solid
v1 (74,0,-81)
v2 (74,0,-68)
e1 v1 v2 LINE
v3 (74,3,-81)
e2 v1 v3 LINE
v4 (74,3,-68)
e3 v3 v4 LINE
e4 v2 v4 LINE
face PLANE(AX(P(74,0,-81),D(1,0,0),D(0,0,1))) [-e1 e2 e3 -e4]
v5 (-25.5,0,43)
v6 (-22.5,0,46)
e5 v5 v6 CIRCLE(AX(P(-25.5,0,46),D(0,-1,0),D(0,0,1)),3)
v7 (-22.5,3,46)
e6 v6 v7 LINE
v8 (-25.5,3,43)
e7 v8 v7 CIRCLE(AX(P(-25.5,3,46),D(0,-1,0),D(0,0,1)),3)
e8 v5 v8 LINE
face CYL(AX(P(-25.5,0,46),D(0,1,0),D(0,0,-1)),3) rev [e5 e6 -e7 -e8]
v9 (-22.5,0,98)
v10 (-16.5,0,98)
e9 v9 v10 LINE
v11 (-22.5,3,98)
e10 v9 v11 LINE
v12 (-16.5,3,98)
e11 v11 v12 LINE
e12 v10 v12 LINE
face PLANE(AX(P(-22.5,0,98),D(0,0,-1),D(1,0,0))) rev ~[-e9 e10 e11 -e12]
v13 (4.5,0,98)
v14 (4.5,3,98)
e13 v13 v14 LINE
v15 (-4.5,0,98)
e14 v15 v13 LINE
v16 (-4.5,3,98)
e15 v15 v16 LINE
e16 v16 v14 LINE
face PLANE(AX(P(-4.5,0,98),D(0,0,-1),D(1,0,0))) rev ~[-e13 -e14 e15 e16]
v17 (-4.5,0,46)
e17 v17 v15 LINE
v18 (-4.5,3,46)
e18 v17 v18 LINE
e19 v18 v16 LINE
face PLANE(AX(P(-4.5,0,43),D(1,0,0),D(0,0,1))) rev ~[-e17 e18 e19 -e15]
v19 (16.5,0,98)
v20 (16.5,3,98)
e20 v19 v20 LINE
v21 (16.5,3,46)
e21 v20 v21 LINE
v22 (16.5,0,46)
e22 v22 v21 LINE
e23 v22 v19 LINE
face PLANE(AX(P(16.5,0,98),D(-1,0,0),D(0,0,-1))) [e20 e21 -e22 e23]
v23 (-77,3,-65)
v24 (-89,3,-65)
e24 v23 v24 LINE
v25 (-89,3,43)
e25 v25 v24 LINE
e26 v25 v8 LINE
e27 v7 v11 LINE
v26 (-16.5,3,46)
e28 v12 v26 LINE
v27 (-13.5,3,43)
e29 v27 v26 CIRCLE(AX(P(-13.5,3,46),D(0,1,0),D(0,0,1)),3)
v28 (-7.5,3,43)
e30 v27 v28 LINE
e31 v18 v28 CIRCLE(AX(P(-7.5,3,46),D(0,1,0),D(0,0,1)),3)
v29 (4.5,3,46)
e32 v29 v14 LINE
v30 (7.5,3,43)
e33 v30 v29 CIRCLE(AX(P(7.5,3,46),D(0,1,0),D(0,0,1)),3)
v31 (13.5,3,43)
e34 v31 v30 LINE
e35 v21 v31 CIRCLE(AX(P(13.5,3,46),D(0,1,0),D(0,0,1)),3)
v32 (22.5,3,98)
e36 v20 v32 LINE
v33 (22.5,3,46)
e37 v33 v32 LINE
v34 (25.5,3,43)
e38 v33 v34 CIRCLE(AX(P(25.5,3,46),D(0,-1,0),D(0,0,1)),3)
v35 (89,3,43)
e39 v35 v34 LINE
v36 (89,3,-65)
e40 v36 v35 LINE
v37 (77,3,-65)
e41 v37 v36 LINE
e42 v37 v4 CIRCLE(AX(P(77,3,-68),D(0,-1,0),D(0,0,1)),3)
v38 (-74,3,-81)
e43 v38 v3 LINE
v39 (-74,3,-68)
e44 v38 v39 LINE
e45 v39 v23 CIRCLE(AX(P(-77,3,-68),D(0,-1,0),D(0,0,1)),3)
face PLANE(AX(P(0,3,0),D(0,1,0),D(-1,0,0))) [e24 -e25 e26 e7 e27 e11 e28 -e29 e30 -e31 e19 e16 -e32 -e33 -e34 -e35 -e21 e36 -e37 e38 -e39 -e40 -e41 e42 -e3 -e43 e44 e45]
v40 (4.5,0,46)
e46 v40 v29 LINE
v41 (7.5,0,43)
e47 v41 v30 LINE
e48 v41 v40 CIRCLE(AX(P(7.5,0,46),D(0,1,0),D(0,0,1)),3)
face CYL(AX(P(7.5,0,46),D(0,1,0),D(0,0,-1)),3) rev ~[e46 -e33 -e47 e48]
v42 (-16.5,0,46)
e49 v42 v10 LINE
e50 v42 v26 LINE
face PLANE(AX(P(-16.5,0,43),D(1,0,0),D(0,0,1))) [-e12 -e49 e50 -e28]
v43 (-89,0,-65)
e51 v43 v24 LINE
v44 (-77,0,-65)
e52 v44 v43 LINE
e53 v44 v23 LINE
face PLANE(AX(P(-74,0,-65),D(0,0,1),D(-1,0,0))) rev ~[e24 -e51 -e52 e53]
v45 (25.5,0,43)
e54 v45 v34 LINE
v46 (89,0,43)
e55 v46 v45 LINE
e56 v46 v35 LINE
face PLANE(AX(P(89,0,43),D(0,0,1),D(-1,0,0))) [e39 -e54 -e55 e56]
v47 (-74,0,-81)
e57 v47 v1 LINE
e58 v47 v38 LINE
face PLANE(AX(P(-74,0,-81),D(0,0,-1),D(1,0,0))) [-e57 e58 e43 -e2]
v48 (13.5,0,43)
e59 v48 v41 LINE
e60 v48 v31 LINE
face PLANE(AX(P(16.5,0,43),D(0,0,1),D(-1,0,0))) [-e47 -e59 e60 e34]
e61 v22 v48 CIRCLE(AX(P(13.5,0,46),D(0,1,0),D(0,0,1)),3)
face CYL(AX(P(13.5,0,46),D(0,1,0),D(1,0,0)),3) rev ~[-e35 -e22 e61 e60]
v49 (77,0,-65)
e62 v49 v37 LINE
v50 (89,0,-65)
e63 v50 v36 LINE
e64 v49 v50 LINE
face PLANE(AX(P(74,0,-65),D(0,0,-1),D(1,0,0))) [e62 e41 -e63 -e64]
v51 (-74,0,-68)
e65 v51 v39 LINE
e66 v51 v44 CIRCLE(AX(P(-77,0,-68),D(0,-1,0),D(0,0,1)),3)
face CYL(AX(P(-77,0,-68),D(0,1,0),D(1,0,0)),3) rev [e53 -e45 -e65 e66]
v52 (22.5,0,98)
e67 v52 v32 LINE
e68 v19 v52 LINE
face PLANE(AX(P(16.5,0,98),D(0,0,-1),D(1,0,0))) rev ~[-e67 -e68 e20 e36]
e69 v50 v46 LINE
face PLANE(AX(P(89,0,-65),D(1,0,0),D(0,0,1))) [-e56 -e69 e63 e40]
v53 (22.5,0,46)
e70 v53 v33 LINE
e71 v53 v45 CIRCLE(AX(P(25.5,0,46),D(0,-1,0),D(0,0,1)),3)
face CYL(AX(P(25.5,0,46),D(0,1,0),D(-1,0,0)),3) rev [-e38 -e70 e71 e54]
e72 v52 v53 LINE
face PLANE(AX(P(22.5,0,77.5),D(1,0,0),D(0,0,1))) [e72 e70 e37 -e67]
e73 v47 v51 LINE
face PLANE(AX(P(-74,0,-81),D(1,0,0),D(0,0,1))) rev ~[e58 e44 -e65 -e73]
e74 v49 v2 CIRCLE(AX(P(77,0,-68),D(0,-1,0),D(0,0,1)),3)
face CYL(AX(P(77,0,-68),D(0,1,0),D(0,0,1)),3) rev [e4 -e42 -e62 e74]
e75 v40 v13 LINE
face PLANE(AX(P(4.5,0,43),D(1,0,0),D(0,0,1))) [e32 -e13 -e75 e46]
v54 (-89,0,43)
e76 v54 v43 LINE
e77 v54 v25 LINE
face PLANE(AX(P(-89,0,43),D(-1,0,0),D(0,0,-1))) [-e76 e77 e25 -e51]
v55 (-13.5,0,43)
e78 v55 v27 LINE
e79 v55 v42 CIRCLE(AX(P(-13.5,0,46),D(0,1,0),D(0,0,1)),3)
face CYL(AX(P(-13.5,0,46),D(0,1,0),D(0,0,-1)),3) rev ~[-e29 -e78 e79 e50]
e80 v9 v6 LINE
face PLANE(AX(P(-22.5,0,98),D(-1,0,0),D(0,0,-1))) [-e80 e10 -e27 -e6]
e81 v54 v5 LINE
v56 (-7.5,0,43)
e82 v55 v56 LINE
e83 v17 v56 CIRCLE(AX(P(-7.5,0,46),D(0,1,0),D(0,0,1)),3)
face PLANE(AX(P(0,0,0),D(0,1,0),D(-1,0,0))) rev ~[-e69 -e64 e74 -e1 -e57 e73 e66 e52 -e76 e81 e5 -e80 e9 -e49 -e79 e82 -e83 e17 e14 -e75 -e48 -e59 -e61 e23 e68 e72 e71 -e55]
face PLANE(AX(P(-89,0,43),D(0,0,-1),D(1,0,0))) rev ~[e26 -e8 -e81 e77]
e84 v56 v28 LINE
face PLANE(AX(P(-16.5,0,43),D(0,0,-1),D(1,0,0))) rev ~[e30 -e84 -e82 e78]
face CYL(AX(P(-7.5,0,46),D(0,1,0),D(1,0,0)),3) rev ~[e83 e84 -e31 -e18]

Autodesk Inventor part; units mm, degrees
ref_plane "YZ Plane" through (0, 0, 0) normal (1, 0, 0) x (0, 1, 0)
ref_plane "XZ Plane" through (0, 0, 0) normal (0, 1, 0) x (-1, 0, 0)
ref_plane "XY Plane" through (0, 0, 0) normal (0, 0, 1) x (1, 0, 0)
sketch "Sketch2" plane through (0, 0, 0) normal (0, 1, 0) x (-1, 0, 0)
  line L0 (-89, 99) -> (89, 99)
  line L1 (89, 99) -> (89, -99)
  line L2 (89, -99) -> (-89, -99)
  line L3 (-89, -99) -> (-89, 99)
  line L4 (-89, 99) -> (89, -99) construction
  line L5 (89, 99) -> (-89, -99) construction
  line L6 (-89, 99) -> (89, 99)
  line L7 (89, 99) -> (89, -81)
  line L8 (89, -81) -> (-89, -81)
  line L9 (-89, -81) -> (-89, 99)
  line L10 (-4.5, 99) -> (-89, 99)
  line L11 (-89, 99) -> (-89, 43)
  line L12 (-89, 43) -> (-4.5, 43)
  line L13 (-4.5, 43) -> (-4.5, 99)
  line L14 (4.5, 99) -> (89, 99)
  line L15 (89, 99) -> (89, 43)
  line L16 (89, 43) -> (4.5, 43)
  line L17 (4.5, 43) -> (4.5, 99)
  line L18 (22.5, 77.5) -> (22.5, 66.5) projected
  line L19 (16.5, 66.5) -> (16.5, 77.5) projected
  line L20 (-22.5, 66.5) -> (-22.5, 77.5) projected
  line L21 (-16.5, 77.5) -> (-16.5, 66.5) projected
  line L22 (-22.5, 99) -> (-16.5, 99)
  line L23 (-16.5, 99) -> (-16.5, 43)
  line L24 (-16.5, 43) -> (-22.5, 43)
  line L25 (-22.5, 43) -> (-22.5, 99)
  line L26 (16.5, 99) -> (22.5, 99)
  line L27 (22.5, 99) -> (22.5, 43)
  line L28 (22.5, 43) -> (16.5, 43)
  line L29 (16.5, 43) -> (16.5, 99)
  line L30 (-89, 99) -> (89, 99)
  line L31 (89, 99) -> (89, 98)
  line L32 (89, 98) -> (-89, 98)
  line L33 (-89, 98) -> (-89, 99)
  line L34 (89, -81) -> (74, -81)
  line L35 (74, -81) -> (74, -65)
  line L36 (74, -65) -> (89, -65)
  line L37 (89, -65) -> (89, -81)
  line L38 (-89, -81) -> (-74, -81)
  line L39 (-74, -81) -> (-74, -65)
  line L40 (-74, -65) -> (-89, -65)
  line L41 (-89, -65) -> (-89, -81)
  point P0 (0, 0)
  point P1 (4.5, 99)
  point P2 (-4.5, 99)
  point P3 (-89, 43)
  point P4 (89, 43)
  point P5 (4.5, 98)
  point P6 (-4.5, 98)
  point P7 (-16.5, 98)
  point P8 (-22.5, 98)
  point P9 (22.5, 98)
  point P10 (16.5, 98)
  dimension "d8" = 178
  dimension "d9" = 198
  dimension "d10" = 18
  dimension "d11" = 84.5
  dimension "d13" = 84.5
  dimension "d17" = 9
  dimension "d18" = 1
  dimension "d19" = 15
  dimension "d20" = 16
  dimension "d21" = 15
  dimension "d22" = 16
  dimension "d75" = 55
  dimension "d76" = 55
extrude "Extrusion2" add sketch "Sketch2" along normal blind 3 contours L32 L23 L21 L12 L25 L20 | L12 L13 L32 L17 L16 L1 L36 L35 L8 L39 L40 L3 | L32 L27 L18 L16 L29 L19
fillet "Fillet1" radius 3 6 edges at (22.5, 1.5, 43) (-22.5, 1.5, 43) (-16.5, 1.5, 43) (-4.5, 1.5, 43) (4.5, 1.5, 43) (16.5, 1.5, 43)
fillet "Fillet2" radius 3 2 edges at (74, 1.5, -65) (-74, 1.5, -65)
equation "\"d11\" = d13"
properties part number "base" material "Aluminum 6061"
